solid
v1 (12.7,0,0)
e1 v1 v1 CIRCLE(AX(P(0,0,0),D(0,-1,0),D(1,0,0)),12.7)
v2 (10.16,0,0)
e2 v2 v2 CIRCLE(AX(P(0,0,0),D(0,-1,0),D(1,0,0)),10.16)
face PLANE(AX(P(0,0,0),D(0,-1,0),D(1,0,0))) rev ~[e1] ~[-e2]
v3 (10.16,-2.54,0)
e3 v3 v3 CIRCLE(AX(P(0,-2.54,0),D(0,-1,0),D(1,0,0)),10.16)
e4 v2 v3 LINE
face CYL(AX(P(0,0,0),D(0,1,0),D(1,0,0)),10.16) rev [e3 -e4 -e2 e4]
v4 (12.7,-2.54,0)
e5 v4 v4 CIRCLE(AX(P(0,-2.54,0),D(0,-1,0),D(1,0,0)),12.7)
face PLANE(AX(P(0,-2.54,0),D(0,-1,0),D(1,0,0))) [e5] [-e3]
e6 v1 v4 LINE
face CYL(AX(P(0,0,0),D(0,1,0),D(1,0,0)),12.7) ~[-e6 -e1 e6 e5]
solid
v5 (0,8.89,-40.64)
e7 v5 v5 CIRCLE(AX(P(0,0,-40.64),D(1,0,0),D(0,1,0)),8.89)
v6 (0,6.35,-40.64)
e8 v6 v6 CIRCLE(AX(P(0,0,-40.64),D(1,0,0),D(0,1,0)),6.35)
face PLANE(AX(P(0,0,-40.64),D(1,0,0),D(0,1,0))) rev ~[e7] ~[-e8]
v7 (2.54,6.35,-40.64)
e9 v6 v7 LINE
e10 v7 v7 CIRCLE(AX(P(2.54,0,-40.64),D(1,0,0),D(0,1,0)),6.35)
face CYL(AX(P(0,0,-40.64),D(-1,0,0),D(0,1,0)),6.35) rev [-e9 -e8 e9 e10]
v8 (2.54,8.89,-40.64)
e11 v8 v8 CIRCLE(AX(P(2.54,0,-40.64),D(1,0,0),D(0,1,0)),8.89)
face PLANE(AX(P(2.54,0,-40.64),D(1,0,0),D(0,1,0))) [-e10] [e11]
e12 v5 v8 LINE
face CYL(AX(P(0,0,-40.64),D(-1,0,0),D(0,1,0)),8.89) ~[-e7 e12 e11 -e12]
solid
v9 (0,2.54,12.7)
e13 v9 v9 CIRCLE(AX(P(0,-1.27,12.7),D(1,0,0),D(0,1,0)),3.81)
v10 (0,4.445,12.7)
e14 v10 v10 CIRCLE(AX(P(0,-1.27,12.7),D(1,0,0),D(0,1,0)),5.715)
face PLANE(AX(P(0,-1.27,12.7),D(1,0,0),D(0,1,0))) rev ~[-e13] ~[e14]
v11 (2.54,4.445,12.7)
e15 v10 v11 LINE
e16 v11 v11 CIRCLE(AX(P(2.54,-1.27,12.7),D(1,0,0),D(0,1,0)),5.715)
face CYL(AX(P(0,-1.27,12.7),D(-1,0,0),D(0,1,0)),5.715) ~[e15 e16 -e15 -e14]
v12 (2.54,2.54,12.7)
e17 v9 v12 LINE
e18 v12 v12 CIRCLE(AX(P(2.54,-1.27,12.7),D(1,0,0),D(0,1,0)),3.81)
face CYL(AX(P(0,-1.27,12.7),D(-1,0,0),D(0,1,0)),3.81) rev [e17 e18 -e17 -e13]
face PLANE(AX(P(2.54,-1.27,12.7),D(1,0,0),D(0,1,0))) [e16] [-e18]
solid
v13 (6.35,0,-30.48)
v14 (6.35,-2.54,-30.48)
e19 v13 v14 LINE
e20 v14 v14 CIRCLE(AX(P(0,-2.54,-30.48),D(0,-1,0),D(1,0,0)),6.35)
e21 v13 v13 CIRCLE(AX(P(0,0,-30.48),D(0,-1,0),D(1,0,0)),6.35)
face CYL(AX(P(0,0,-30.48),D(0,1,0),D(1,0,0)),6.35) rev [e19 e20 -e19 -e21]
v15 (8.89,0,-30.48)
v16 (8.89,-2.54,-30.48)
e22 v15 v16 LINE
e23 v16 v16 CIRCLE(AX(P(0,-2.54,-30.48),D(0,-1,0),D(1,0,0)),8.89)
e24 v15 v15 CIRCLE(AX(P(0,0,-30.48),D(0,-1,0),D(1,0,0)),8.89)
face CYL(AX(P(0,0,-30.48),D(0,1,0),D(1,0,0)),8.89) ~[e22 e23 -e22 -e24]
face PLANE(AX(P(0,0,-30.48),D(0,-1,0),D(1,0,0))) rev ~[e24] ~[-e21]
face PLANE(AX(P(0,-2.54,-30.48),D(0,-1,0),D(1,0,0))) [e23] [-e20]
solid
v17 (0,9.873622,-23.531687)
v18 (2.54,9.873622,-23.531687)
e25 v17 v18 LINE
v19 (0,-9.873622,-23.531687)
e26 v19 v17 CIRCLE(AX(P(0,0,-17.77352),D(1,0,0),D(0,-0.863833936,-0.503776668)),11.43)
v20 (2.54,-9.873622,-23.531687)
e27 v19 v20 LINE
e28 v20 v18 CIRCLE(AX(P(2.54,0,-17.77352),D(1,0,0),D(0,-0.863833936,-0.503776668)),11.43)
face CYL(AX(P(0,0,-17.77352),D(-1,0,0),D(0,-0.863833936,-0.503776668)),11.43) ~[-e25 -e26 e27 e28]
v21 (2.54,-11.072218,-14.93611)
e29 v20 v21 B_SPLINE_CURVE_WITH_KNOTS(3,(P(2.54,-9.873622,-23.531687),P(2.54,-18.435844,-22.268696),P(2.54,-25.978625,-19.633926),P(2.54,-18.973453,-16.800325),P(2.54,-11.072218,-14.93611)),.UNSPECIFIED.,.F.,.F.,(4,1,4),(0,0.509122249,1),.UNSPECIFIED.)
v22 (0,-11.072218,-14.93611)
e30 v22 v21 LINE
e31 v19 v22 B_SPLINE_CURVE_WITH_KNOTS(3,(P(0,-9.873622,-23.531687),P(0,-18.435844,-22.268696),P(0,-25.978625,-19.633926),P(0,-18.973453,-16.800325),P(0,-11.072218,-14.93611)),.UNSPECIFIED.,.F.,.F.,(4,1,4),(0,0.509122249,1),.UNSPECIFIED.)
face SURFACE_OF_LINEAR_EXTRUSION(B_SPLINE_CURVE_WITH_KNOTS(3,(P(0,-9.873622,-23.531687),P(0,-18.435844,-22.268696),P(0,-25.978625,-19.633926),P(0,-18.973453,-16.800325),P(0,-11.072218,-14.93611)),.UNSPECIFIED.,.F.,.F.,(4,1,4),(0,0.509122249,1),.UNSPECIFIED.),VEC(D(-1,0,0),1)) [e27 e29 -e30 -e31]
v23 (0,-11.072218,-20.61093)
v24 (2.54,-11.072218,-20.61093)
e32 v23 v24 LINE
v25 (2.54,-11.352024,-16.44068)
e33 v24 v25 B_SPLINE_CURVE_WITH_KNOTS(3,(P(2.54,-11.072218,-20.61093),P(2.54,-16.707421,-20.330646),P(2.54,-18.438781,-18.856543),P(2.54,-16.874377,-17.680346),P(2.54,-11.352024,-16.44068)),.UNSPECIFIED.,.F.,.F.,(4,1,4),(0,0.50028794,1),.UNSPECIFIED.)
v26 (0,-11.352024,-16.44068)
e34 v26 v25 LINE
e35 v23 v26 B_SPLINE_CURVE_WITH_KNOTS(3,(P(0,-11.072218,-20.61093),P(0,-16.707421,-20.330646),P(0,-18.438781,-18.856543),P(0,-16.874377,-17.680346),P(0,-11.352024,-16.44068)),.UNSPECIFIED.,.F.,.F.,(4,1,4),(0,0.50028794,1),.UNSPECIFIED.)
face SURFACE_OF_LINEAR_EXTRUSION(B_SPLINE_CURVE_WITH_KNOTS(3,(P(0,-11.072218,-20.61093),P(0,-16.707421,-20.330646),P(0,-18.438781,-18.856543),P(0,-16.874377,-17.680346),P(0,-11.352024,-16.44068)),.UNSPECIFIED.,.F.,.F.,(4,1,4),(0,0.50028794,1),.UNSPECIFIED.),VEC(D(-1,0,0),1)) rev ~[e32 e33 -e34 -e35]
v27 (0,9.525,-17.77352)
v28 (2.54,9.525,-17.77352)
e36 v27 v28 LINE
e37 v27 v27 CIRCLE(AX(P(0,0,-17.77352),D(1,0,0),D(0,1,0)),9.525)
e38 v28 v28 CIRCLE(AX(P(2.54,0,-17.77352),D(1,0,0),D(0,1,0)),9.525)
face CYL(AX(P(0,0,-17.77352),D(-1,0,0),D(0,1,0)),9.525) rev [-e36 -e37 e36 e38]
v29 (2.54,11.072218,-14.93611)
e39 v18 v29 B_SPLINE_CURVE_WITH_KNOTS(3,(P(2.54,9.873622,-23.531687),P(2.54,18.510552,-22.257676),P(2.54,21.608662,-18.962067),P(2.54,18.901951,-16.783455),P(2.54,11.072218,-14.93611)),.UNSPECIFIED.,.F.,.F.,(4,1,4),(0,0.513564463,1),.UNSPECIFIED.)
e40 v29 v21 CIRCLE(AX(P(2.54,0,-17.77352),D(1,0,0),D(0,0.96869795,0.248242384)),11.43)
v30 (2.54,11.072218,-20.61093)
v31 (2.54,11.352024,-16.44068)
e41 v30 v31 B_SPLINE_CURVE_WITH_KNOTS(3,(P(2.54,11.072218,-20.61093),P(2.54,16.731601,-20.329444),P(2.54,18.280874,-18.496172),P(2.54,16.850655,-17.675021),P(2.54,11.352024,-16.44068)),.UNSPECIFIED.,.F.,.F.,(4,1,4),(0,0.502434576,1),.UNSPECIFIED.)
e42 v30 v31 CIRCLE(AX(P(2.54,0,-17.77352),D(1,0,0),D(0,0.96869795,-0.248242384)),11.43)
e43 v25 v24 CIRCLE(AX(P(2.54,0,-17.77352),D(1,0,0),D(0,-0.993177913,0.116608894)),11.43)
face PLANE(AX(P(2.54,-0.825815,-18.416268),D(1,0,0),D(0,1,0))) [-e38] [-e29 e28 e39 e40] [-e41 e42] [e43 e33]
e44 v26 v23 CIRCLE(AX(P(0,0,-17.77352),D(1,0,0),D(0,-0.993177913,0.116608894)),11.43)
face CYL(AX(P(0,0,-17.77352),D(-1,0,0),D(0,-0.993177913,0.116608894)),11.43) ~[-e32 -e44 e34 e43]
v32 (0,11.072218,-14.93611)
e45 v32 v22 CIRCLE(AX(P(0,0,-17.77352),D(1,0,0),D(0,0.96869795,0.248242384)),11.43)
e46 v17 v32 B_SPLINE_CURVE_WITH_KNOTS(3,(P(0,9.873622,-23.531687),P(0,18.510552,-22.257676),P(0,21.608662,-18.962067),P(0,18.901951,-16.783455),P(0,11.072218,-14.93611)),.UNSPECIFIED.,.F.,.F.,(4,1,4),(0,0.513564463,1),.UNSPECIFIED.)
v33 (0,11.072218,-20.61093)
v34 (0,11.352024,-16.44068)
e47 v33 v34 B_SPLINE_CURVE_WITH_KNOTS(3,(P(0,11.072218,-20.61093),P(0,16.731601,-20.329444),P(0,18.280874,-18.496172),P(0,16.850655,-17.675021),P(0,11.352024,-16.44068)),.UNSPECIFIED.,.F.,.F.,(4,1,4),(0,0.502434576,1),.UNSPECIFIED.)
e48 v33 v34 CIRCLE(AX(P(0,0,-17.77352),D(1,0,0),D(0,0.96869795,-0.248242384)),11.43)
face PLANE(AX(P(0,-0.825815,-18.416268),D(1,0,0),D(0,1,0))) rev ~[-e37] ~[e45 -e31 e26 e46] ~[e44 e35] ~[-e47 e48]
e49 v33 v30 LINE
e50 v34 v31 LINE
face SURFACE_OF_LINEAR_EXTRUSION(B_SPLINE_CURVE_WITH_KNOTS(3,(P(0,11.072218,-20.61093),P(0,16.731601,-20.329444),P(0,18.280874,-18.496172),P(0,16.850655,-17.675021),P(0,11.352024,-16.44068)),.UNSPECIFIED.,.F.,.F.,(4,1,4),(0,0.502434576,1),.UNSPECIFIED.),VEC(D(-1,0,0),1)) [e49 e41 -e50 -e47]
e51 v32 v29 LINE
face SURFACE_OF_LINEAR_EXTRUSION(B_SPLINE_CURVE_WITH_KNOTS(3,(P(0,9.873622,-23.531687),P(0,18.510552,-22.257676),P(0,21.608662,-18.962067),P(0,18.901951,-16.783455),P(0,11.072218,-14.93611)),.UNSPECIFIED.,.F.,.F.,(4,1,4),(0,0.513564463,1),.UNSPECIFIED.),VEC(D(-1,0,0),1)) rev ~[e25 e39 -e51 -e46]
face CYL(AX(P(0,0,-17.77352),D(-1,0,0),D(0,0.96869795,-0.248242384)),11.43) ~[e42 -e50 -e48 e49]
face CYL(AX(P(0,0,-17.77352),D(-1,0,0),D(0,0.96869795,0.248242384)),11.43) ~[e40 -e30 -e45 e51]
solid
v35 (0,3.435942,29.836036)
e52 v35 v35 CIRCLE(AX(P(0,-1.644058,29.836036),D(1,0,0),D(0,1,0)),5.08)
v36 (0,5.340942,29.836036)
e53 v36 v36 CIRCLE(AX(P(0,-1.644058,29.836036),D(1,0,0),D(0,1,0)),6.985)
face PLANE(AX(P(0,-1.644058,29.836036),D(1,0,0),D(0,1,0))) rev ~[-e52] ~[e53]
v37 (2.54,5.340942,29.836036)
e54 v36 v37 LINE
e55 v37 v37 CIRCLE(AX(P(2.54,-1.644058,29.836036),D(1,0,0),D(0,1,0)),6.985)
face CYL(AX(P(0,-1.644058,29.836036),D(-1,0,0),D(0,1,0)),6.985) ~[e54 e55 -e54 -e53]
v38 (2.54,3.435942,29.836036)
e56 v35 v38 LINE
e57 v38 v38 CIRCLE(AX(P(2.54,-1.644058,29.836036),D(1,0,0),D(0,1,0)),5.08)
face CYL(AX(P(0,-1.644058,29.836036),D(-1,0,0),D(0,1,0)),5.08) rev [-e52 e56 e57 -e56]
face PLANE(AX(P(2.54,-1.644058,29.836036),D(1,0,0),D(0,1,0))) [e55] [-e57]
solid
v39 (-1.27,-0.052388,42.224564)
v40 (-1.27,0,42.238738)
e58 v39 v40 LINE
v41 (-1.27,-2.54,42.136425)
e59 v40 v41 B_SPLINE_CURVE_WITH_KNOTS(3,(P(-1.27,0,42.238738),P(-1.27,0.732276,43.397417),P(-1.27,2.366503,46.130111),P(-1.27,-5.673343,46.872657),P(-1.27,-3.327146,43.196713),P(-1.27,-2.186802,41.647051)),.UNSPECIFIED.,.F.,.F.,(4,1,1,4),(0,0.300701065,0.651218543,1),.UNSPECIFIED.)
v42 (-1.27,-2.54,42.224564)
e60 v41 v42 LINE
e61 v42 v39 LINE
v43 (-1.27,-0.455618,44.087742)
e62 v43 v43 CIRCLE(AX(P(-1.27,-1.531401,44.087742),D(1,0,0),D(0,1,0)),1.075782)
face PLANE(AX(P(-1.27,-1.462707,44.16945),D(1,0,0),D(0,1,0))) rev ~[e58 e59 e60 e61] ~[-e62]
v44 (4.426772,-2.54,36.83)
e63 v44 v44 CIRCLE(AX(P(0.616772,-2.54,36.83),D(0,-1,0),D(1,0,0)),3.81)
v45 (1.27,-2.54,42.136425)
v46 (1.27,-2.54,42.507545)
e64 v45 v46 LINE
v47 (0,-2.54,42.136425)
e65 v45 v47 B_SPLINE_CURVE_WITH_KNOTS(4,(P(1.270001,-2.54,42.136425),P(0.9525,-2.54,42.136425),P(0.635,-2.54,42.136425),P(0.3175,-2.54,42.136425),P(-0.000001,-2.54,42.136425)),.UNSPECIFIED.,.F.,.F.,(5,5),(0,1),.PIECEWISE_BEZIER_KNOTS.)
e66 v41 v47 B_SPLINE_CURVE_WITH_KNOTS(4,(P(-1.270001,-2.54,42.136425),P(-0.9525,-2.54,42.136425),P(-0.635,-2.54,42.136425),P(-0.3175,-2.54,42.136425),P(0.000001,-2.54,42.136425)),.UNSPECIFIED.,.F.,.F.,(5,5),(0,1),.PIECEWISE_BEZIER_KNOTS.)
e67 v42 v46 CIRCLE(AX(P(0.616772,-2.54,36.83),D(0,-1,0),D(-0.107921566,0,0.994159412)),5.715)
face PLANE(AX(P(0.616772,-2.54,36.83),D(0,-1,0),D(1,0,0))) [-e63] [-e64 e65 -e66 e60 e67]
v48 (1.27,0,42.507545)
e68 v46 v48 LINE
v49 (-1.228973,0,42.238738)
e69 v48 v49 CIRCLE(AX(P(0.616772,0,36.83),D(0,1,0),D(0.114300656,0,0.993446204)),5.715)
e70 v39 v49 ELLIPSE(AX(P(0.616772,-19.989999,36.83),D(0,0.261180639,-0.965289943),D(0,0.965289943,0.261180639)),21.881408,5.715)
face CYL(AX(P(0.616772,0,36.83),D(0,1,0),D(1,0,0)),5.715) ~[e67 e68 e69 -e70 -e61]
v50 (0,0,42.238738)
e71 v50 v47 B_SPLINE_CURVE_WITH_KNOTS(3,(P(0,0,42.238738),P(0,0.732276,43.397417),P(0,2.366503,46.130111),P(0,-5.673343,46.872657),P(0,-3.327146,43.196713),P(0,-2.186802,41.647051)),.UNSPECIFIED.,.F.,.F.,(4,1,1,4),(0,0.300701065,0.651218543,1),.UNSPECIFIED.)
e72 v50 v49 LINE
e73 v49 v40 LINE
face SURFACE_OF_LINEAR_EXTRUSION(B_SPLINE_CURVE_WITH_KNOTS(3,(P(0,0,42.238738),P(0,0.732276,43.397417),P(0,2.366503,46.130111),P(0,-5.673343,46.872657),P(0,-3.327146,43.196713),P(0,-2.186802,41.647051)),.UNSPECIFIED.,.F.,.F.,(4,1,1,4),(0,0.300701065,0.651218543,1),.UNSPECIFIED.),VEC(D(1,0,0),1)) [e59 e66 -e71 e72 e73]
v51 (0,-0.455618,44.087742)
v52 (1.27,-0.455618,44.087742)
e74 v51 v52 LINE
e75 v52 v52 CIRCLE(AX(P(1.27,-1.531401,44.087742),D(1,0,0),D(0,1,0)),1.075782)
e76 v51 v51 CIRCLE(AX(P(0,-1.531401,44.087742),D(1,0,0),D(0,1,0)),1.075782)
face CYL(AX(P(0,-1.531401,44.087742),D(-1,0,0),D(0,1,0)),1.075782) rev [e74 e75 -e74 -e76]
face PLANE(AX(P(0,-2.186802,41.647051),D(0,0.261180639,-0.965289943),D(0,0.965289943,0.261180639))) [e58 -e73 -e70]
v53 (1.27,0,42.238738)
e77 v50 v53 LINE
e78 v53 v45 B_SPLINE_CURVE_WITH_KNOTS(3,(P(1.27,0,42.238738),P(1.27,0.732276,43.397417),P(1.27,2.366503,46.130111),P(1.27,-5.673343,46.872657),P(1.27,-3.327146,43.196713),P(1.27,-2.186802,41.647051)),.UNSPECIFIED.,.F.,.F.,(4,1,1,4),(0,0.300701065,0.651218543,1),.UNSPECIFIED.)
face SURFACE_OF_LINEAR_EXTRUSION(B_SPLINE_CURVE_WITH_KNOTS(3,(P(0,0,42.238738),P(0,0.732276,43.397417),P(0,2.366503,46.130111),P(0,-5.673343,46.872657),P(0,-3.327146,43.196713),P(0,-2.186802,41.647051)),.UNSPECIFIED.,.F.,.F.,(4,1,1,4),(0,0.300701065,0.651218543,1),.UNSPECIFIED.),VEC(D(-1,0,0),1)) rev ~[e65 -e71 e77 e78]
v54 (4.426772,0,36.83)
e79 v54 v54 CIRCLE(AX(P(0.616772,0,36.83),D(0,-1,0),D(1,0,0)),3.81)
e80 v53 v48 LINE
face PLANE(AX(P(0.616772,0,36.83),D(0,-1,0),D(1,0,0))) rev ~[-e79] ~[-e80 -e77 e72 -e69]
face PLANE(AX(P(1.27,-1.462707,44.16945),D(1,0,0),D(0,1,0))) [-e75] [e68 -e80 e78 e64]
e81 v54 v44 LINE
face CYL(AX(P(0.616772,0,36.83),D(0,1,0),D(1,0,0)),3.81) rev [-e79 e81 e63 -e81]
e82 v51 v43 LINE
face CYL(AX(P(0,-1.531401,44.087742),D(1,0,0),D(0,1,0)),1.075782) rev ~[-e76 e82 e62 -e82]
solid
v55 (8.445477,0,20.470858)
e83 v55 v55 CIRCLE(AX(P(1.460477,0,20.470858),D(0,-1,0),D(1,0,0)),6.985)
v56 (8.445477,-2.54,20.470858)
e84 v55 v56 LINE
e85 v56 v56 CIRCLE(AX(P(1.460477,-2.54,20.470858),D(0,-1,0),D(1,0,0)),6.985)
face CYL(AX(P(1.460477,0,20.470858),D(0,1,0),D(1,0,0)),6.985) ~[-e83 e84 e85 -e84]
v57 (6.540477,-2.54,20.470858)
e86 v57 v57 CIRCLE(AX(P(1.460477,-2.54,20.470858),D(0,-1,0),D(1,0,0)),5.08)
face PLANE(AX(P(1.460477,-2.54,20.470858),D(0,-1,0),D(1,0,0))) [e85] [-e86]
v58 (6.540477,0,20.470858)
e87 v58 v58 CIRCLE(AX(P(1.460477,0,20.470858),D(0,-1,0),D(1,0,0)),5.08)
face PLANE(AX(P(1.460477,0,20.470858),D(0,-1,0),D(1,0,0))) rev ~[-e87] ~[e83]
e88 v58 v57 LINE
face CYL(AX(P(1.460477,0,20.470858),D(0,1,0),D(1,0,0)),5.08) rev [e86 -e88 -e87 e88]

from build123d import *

# Parameters (mm, degrees)
F0_R           = 12.7
F0_R_2         = 10.16
F1_DEPTH       = 2.54
F2_R           = 9.525
F3_DEPTH       = 2.54
F4_R           = 8.89
F4_R_2         = 6.35
F5_DEPTH       = 2.54
F6_R           = 8.89
F6_R_2         = 6.35
F7_DEPTH       = 2.54
F8_R           = 5.715
F8_R_2         = 3.81
F9_DEPTH       = 2.54
F10_R          = 6.985
F10_R_2        = 5.08
F11_DEPTH      = 2.54
F12_R          = 6.985
F12_R_2        = 5.08
F13_DEPTH      = 2.54
F14_R          = 5.715
F14_R_2        = 3.81
F15_DEPTH      = 2.54
F16_R          = 1.0757823603
F17_DEPTH      = 1.27
F17_DEPTH_BACK = 1.27


with BuildPart() as f1:
    # F0 (on Front) → F1 (new body)
    with BuildSketch(Plane.XZ):
        Circle(F0_R)
        Circle(F0_R_2, mode=Mode.SUBTRACT)
    extrude(amount=F1_DEPTH)


with BuildPart() as f3:
    # F2 (on Right) → F3 (new body)
    with BuildSketch(Plane.YZ):
        with BuildLine():
            ThreePointArc((-9.8736218887, -23.5316872631), (0, -29.2035199505), (9.8736218887, -23.5316872631))
            add(Edge.make_bspline(
                [(9.8736218887, -23.5316872631), (18.5105518516, -22.2576764036), (21.6086618873, -18.9620666412), (18.9019507014, -16.7834548757), (11.072217572, -14.9361095045)],
                knots=[0, 0, 0, 0, 0.5135644631, 1, 1, 1, 1], degree=3))
            ThreePointArc((11.072217572, -14.9361095045), (0, -6.3435199505), (-11.072217572, -14.9361095045))
            add(Edge.make_bspline(
                [(-9.8736218887, -23.5316872631), (-18.4358443999, -22.2686963036), (-25.9786251634, -19.6339256012), (-18.9734531893, -16.8003251557), (-11.072217572, -14.9361095045)],
                knots=[0, 0, 0, 0, 0.509122249, 1, 1, 1, 1], degree=3))
        make_face()
        with BuildLine():
            ThreePointArc((-11.35202354, -16.4406802948), (-11.4043585457, -18.5387036936), (-11.072217572, -20.6109303965))
            add(Edge.make_bspline(
                [(-11.072217572, -20.6109303965), (-16.7074210707, -20.3306461976), (-18.4387812048, -18.8565427148), (-16.8743774282, -17.6803462503), (-11.35202354, -16.4406802948)],
                knots=[0, 0, 0, 0, 0.50028794, 1, 1, 1, 1], degree=3))
        make_face(mode=Mode.SUBTRACT)
        with BuildLine():
            add(Edge.make_bspline(
                [(11.072217572, -20.6109303965), (16.7316006123, -20.3294435537), (18.2808743755, -18.4961720191), (16.8506547949, -17.6750209594), (11.35202354, -16.4406802948)],
                knots=[0, 0, 0, 0, 0.5024345764, 1, 1, 1, 1], degree=3))
            ThreePointArc((11.072217572, -20.6109303965), (11.4043585457, -18.5387036936), (11.35202354, -16.4406802948))
        make_face(mode=Mode.SUBTRACT)
        with Locations((0, -17.7735199505)):
            Circle(F2_R, mode=Mode.SUBTRACT)
    extrude(amount=F3_DEPTH)


with BuildPart() as f5:
    # F4 (on Front) → F5 (new body)
    with BuildSketch(Plane.XZ):
        with Locations((0, -30.48)):
            Circle(F4_R)
        with Locations((0, -30.48)):
            Circle(F4_R_2, mode=Mode.SUBTRACT)
    extrude(amount=F5_DEPTH)


with BuildPart() as f7:
    # F6 (on Right) → F7 (new body)
    with BuildSketch(Plane.YZ):
        with Locations((0, -40.64)):
            Circle(F6_R)
        with Locations((0, -40.64)):
            Circle(F6_R_2, mode=Mode.SUBTRACT)
    extrude(amount=F7_DEPTH)


with BuildPart() as f9:
    # F8 (on Right) → F9 (new body)
    with BuildSketch(Plane.YZ):
        with Locations((-1.27, 12.7)):
            Circle(F8_R)
        with Locations((-1.27, 12.7)):
            Circle(F8_R_2, mode=Mode.SUBTRACT)
    extrude(amount=F9_DEPTH)


with BuildPart() as f11:
    # F10 (on Front) → F11 (new body)
    with BuildSketch(Plane.XZ):
        with Locations((1.4604773605, 20.4708576202)):
            Circle(F10_R)
        with Locations((1.4604773605, 20.4708576202)):
            Circle(F10_R_2, mode=Mode.SUBTRACT)
    extrude(amount=F11_DEPTH)


with BuildPart() as f13:
    # F12 (on Right) → F13 (new body)
    with BuildSketch(Plane.YZ):
        with Locations((-1.644058153, 29.8360362649)):
            Circle(F12_R)
        with Locations((-1.644058153, 29.8360362649)):
            Circle(F12_R_2, mode=Mode.SUBTRACT)
    extrude(amount=F13_DEPTH)


with BuildPart() as f15:
    # F14 (on Front) → F15 (new body)
    with BuildSketch(Plane.XZ):
        with Locations((0.6167717511, 36.83)):
            Circle(F14_R)
        with Locations((0.6167717511, 36.83)):
            Circle(F14_R_2, mode=Mode.SUBTRACT)
    extrude(amount=F15_DEPTH)

    # F16 (on Right) → F17 (join, two sides)
    with BuildSketch(Plane.YZ) as f17_sk:
        with BuildLine():
            Line((-2.186801983, 41.6470505297), (0, 42.2387383878))
            add(Edge.make_bspline(
                [(0, 42.2387383878), (0.732275642, 43.3974169157), (2.3665027509, 46.1301105442), (-5.6733430923, 46.872656682), (-3.3271464123, 43.1967134954), (-2.186801983, 41.6470505297)],
                knots=[0, 0, 0, 0, 0.300701065, 0.6512185434, 1, 1, 1, 1], degree=3))
        make_face()
        with Locations((-1.5314007178, 44.087741524)):
            Circle(F16_R, mode=Mode.SUBTRACT)
    extrude(amount=F17_DEPTH)
    extrude(f17_sk.sketch, amount=-F17_DEPTH_BACK)


solid = Compound([f1.part, f3.part, f5.part, f7.part, f9.part, f11.part, f13.part, f15.part])
